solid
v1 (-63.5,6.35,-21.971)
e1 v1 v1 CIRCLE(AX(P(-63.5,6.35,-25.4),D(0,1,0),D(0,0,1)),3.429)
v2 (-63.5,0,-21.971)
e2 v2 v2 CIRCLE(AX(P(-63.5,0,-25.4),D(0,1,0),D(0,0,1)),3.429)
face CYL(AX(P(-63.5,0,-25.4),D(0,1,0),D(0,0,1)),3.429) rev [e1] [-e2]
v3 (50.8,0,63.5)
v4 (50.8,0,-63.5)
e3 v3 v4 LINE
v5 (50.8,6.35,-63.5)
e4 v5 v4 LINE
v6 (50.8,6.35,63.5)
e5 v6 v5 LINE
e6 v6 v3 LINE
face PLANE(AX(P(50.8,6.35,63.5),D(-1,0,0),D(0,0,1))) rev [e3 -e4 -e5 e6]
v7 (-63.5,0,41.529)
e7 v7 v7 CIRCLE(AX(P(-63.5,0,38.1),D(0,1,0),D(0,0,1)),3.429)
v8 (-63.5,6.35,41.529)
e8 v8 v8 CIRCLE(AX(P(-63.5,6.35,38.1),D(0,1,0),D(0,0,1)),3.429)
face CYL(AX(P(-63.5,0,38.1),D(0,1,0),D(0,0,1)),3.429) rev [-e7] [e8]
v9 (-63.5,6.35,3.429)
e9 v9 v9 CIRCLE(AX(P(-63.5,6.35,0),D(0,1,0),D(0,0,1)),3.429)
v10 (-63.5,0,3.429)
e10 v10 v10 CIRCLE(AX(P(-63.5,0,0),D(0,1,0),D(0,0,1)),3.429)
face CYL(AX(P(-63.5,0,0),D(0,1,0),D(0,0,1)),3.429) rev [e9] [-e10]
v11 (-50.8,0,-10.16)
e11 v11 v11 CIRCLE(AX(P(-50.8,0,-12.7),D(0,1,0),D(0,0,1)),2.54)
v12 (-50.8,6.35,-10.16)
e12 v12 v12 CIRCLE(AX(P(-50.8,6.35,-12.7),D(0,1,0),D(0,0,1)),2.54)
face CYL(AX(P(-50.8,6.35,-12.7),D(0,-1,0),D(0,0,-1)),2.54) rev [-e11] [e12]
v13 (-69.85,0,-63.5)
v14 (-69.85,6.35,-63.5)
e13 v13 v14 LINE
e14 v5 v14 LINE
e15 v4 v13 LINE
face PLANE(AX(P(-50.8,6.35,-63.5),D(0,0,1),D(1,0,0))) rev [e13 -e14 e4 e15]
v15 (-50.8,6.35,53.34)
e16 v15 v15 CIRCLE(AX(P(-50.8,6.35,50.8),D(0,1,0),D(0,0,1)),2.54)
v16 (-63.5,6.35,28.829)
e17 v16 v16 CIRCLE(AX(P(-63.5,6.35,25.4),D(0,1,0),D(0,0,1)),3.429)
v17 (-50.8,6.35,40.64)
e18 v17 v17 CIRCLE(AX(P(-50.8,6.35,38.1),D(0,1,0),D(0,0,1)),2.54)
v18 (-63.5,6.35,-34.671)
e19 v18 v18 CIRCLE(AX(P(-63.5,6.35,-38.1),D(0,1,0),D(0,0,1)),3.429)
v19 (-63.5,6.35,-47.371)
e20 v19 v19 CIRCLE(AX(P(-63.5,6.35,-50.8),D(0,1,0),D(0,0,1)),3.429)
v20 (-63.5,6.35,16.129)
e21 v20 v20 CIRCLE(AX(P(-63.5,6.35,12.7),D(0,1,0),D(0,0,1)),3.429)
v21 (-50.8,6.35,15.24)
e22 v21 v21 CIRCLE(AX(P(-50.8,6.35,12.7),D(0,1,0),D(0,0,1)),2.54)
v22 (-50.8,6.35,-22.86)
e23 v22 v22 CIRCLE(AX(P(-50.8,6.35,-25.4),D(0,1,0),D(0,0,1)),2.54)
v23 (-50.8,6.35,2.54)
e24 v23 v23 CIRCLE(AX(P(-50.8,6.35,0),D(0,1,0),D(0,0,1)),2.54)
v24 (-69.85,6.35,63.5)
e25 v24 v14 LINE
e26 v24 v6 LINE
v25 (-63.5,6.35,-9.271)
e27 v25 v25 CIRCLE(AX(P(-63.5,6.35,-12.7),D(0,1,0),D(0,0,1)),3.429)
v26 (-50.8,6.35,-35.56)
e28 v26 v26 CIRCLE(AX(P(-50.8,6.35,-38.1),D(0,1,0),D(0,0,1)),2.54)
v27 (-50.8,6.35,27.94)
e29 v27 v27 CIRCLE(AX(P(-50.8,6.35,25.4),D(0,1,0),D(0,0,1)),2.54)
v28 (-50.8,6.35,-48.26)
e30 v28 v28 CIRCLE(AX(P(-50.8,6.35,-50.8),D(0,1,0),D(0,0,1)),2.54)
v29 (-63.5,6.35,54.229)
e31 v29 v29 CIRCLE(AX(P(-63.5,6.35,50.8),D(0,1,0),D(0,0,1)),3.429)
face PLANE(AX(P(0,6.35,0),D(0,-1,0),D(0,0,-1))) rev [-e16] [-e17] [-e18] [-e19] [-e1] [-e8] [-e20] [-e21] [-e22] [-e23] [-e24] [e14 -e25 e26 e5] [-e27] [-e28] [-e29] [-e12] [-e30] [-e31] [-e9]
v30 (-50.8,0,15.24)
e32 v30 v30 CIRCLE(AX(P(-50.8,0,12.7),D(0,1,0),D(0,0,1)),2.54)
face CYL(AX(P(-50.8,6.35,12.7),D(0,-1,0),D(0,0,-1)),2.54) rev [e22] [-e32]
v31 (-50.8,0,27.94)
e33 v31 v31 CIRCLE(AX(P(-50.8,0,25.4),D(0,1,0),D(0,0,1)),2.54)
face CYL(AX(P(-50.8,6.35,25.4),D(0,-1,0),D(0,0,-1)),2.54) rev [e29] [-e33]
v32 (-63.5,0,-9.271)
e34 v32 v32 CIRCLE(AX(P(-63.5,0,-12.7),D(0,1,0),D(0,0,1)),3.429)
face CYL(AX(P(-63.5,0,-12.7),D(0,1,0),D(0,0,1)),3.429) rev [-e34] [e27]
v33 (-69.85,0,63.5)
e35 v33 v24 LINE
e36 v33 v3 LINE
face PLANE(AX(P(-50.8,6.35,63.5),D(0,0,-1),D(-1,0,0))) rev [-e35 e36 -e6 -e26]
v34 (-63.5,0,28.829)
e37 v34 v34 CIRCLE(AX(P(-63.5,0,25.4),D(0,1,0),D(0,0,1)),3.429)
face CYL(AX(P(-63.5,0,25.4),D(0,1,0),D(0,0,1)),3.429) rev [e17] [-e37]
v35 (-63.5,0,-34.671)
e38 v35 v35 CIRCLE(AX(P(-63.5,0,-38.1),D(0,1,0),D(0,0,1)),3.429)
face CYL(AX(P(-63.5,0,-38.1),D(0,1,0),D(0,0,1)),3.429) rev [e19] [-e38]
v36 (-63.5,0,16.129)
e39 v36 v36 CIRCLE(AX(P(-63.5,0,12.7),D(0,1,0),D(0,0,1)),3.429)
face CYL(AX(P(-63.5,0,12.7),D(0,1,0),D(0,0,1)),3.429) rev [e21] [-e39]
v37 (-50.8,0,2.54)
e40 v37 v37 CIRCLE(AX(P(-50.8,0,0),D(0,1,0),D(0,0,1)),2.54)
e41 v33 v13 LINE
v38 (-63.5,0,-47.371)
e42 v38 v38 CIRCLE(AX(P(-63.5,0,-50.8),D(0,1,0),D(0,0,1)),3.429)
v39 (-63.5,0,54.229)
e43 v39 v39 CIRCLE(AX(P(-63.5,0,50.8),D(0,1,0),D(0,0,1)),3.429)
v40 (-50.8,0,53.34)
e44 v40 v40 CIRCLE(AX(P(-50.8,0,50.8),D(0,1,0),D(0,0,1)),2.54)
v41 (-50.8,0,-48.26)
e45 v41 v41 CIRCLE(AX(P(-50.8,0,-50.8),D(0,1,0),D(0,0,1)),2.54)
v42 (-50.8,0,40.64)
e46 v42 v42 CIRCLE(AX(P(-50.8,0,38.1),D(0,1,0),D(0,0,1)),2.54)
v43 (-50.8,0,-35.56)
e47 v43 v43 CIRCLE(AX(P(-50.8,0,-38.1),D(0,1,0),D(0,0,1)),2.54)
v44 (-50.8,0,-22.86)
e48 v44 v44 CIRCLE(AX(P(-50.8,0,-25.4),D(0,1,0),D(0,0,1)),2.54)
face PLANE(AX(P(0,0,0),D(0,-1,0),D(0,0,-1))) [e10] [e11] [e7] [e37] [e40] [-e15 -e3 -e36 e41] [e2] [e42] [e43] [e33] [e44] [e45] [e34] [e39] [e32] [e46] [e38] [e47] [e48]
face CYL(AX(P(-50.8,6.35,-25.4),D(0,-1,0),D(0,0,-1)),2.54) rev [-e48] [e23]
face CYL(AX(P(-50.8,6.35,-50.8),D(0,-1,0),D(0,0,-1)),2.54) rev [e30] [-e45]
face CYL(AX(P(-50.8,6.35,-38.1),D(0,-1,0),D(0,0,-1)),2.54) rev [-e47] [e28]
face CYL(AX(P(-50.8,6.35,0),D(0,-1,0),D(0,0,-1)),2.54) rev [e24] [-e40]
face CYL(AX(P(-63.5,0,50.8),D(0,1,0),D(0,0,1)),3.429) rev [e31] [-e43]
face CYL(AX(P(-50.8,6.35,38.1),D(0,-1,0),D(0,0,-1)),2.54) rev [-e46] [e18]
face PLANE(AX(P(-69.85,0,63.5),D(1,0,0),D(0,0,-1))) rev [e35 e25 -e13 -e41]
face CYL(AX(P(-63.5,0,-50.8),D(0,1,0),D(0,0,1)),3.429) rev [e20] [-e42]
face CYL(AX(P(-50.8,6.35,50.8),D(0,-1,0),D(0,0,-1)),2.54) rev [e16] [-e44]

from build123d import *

# Parameters (mm, degrees)
SKETCH1_W           = 101.6
SKETCH1_H           = 127
BOSS_EXTRUDE1_DEPTH = 6.35
SKETCH3_W           = 63.5
SKETCH3_H           = 127
SKETCH3_R           = 3.429
BOSS_EXTRUDE2_DEPTH = 6.35
SKETCH4_W           = 44.45
SKETCH4_H           = 127
CUT_EXTRUDE2_DEPTH  = 131.908603613
SKETCH5_R           = 2.54
CUT_EXTRUDE4_DEPTH  = 95.612869104


with BuildPart() as part:
    # Sketch1 → Boss-Extrude1 (new body)
    with BuildSketch(Plane(origin=(0, 0, 0), x_dir=(1, 0, 0), z_dir=(0, 1, 0))):
        Rectangle(SKETCH1_W, SKETCH1_H)
    extrude(amount=BOSS_EXTRUDE1_DEPTH)

    # Sketch3 → Boss-Extrude2 (add)
    with BuildSketch(Plane(origin=(0, 6.35, 0), x_dir=(1, 0, 0), z_dir=(0, 1, 0))):
        with Locations((-82.55, 0)):
            Rectangle(SKETCH3_W, SKETCH3_H)
        with Locations(Location((-101.6, 50.8, 0), (0, 0, 270))):
            Circle(SKETCH3_R, mode=Mode.SUBTRACT)
        with Locations(Location((-88.9, 50.8, 0), (0, 0, 270))):
            Circle(SKETCH3_R, mode=Mode.SUBTRACT)
        with Locations(Location((-88.9, 38.1, 0), (0, 0, 270))):
            Circle(SKETCH3_R, mode=Mode.SUBTRACT)
        with Locations(Location((-101.6, 38.1, 0), (0, 0, 270))):
            Circle(SKETCH3_R, mode=Mode.SUBTRACT)
        with Locations(Location((-101.6, 25.4, 0), (0, 0, 270))):
            Circle(SKETCH3_R, mode=Mode.SUBTRACT)
        with Locations(Location((-88.9, 25.4, 0), (0, 0, 270))):
            Circle(SKETCH3_R, mode=Mode.SUBTRACT)
        with Locations(Location((-76.2, 50.8, 0), (0, 0, 270))):
            Circle(SKETCH3_R, mode=Mode.SUBTRACT)
        with Locations(Location((-63.5, 50.8, 0), (0, 0, 270))):
            Circle(SKETCH3_R, mode=Mode.SUBTRACT)
        with Locations(Location((-76.2, 38.1, 0), (0, 0, 270))):
            Circle(SKETCH3_R, mode=Mode.SUBTRACT)
        with Locations(Location((-63.5, 38.1, 0), (0, 0, 270))):
            Circle(SKETCH3_R, mode=Mode.SUBTRACT)
        with Locations(Location((-76.2, 25.4, 0), (0, 0, 270))):
            Circle(SKETCH3_R, mode=Mode.SUBTRACT)
        with Locations(Location((-63.5, 25.4, 0), (0, 0, 270))):
            Circle(SKETCH3_R, mode=Mode.SUBTRACT)
        with Locations(Location((-101.6, 12.7, 0), (0, 0, 270))):
            Circle(SKETCH3_R, mode=Mode.SUBTRACT)
        with Locations(Location((-88.9, 12.7, 0), (0, 0, 270))):
            Circle(SKETCH3_R, mode=Mode.SUBTRACT)
        with Locations(Location((-76.2, 12.7, 0), (0, 0, 270))):
            Circle(SKETCH3_R, mode=Mode.SUBTRACT)
        with Locations(Location((-63.5, 12.7, 0), (0, 0, 270))):
            Circle(SKETCH3_R, mode=Mode.SUBTRACT)
        with Locations(Location((-101.6, 0, 0), (0, 0, 270))):
            Circle(SKETCH3_R, mode=Mode.SUBTRACT)
        with Locations(Location((-88.9, 0, 0), (0, 0, 270))):
            Circle(SKETCH3_R, mode=Mode.SUBTRACT)
        with Locations(Location((-76.2, 0, 0), (0, 0, 270))):
            Circle(SKETCH3_R, mode=Mode.SUBTRACT)
        with Locations(Location((-63.5, 0, 0), (0, 0, 270))):
            Circle(SKETCH3_R, mode=Mode.SUBTRACT)
        with Locations(Location((-101.6, -12.7, 0), (0, 0, 270))):
            Circle(SKETCH3_R, mode=Mode.SUBTRACT)
        with Locations(Location((-88.9, -12.7, 0), (0, 0, 270))):
            Circle(SKETCH3_R, mode=Mode.SUBTRACT)
        with Locations(Location((-76.2, -12.7, 0), (0, 0, 270))):
            Circle(SKETCH3_R, mode=Mode.SUBTRACT)
        with Locations(Location((-63.5, -12.7, 0), (0, 0, 270))):
            Circle(SKETCH3_R, mode=Mode.SUBTRACT)
        with Locations(Location((-101.6, -25.4, 0), (0, 0, 270))):
            Circle(SKETCH3_R, mode=Mode.SUBTRACT)
        with Locations(Location((-88.9, -25.4, 0), (0, 0, 270))):
            Circle(SKETCH3_R, mode=Mode.SUBTRACT)
        with Locations(Location((-76.2, -25.4, 0), (0, 0, 270))):
            Circle(SKETCH3_R, mode=Mode.SUBTRACT)
        with Locations(Location((-63.5, -25.4, 0), (0, 0, 270))):
            Circle(SKETCH3_R, mode=Mode.SUBTRACT)
        with Locations(Location((-101.6, -38.1, 0), (0, 0, 270))):
            Circle(SKETCH3_R, mode=Mode.SUBTRACT)
        with Locations(Location((-88.9, -38.1, 0), (0, 0, 270))):
            Circle(SKETCH3_R, mode=Mode.SUBTRACT)
        with Locations(Location((-76.2, -38.1, 0), (0, 0, 270))):
            Circle(SKETCH3_R, mode=Mode.SUBTRACT)
        with Locations(Location((-63.5, -38.1, 0), (0, 0, 270))):
            Circle(SKETCH3_R, mode=Mode.SUBTRACT)
        with Locations(Location((-101.6, -50.8, 0), (0, 0, 270))):
            Circle(SKETCH3_R, mode=Mode.SUBTRACT)
        with Locations(Location((-88.9, -50.8, 0), (0, 0, 270))):
            Circle(SKETCH3_R, mode=Mode.SUBTRACT)
        with Locations(Location((-76.2, -50.8, 0), (0, 0, 270))):
            Circle(SKETCH3_R, mode=Mode.SUBTRACT)
        with Locations(Location((-63.5, -50.8, 0), (0, 0, 270))):
            Circle(SKETCH3_R, mode=Mode.SUBTRACT)
    extrude(amount=-BOSS_EXTRUDE2_DEPTH)

    # Sketch4 → Cut-Extrude2 (cut, through all)
    with BuildSketch(Plane(origin=(0, 6.35, 0), x_dir=(1, 0, 0), z_dir=(0, 1, 0))):
        with Locations((-92.075, 0)):
            Rectangle(SKETCH4_W, SKETCH4_H)
    extrude(amount=-CUT_EXTRUDE2_DEPTH, mode=Mode.SUBTRACT)

    # Sketch5 → Cut-Extrude4 (cut, through all)
    with BuildSketch(Plane(origin=(0, 0, 0), x_dir=(1, 0, 0), z_dir=(0, 1, 0))):
        with Locations(Location((-50.8, 50.8, 0), (0, 0, 270))):
            Circle(SKETCH5_R)
        with Locations(Location((-50.8, 38.1, 0), (0, 0, 270))):
            Circle(SKETCH5_R)
        with Locations(Location((-50.8, 25.4, 0), (0, 0, 270))):
            Circle(SKETCH5_R)
        with Locations(Location((-50.8, 12.7, 0), (0, 0, 270))):
            Circle(SKETCH5_R)
        with Locations(Location((-50.8, 0, 0), (0, 0, 270))):
            Circle(SKETCH5_R)
        with Locations(Location((-50.8, -12.7, 0), (0, 0, 270))):
            Circle(SKETCH5_R)
        with Locations(Location((-50.8, -25.4, 0), (0, 0, 270))):
            Circle(SKETCH5_R)
        with Locations(Location((-50.8, -38.1, 0), (0, 0, 270))):
            Circle(SKETCH5_R)
        with Locations(Location((-50.8, -50.8, 0), (0, 0, 270))):
            Circle(SKETCH5_R)
    extrude(amount=CUT_EXTRUDE4_DEPTH, mode=Mode.SUBTRACT)


solid = part.part
